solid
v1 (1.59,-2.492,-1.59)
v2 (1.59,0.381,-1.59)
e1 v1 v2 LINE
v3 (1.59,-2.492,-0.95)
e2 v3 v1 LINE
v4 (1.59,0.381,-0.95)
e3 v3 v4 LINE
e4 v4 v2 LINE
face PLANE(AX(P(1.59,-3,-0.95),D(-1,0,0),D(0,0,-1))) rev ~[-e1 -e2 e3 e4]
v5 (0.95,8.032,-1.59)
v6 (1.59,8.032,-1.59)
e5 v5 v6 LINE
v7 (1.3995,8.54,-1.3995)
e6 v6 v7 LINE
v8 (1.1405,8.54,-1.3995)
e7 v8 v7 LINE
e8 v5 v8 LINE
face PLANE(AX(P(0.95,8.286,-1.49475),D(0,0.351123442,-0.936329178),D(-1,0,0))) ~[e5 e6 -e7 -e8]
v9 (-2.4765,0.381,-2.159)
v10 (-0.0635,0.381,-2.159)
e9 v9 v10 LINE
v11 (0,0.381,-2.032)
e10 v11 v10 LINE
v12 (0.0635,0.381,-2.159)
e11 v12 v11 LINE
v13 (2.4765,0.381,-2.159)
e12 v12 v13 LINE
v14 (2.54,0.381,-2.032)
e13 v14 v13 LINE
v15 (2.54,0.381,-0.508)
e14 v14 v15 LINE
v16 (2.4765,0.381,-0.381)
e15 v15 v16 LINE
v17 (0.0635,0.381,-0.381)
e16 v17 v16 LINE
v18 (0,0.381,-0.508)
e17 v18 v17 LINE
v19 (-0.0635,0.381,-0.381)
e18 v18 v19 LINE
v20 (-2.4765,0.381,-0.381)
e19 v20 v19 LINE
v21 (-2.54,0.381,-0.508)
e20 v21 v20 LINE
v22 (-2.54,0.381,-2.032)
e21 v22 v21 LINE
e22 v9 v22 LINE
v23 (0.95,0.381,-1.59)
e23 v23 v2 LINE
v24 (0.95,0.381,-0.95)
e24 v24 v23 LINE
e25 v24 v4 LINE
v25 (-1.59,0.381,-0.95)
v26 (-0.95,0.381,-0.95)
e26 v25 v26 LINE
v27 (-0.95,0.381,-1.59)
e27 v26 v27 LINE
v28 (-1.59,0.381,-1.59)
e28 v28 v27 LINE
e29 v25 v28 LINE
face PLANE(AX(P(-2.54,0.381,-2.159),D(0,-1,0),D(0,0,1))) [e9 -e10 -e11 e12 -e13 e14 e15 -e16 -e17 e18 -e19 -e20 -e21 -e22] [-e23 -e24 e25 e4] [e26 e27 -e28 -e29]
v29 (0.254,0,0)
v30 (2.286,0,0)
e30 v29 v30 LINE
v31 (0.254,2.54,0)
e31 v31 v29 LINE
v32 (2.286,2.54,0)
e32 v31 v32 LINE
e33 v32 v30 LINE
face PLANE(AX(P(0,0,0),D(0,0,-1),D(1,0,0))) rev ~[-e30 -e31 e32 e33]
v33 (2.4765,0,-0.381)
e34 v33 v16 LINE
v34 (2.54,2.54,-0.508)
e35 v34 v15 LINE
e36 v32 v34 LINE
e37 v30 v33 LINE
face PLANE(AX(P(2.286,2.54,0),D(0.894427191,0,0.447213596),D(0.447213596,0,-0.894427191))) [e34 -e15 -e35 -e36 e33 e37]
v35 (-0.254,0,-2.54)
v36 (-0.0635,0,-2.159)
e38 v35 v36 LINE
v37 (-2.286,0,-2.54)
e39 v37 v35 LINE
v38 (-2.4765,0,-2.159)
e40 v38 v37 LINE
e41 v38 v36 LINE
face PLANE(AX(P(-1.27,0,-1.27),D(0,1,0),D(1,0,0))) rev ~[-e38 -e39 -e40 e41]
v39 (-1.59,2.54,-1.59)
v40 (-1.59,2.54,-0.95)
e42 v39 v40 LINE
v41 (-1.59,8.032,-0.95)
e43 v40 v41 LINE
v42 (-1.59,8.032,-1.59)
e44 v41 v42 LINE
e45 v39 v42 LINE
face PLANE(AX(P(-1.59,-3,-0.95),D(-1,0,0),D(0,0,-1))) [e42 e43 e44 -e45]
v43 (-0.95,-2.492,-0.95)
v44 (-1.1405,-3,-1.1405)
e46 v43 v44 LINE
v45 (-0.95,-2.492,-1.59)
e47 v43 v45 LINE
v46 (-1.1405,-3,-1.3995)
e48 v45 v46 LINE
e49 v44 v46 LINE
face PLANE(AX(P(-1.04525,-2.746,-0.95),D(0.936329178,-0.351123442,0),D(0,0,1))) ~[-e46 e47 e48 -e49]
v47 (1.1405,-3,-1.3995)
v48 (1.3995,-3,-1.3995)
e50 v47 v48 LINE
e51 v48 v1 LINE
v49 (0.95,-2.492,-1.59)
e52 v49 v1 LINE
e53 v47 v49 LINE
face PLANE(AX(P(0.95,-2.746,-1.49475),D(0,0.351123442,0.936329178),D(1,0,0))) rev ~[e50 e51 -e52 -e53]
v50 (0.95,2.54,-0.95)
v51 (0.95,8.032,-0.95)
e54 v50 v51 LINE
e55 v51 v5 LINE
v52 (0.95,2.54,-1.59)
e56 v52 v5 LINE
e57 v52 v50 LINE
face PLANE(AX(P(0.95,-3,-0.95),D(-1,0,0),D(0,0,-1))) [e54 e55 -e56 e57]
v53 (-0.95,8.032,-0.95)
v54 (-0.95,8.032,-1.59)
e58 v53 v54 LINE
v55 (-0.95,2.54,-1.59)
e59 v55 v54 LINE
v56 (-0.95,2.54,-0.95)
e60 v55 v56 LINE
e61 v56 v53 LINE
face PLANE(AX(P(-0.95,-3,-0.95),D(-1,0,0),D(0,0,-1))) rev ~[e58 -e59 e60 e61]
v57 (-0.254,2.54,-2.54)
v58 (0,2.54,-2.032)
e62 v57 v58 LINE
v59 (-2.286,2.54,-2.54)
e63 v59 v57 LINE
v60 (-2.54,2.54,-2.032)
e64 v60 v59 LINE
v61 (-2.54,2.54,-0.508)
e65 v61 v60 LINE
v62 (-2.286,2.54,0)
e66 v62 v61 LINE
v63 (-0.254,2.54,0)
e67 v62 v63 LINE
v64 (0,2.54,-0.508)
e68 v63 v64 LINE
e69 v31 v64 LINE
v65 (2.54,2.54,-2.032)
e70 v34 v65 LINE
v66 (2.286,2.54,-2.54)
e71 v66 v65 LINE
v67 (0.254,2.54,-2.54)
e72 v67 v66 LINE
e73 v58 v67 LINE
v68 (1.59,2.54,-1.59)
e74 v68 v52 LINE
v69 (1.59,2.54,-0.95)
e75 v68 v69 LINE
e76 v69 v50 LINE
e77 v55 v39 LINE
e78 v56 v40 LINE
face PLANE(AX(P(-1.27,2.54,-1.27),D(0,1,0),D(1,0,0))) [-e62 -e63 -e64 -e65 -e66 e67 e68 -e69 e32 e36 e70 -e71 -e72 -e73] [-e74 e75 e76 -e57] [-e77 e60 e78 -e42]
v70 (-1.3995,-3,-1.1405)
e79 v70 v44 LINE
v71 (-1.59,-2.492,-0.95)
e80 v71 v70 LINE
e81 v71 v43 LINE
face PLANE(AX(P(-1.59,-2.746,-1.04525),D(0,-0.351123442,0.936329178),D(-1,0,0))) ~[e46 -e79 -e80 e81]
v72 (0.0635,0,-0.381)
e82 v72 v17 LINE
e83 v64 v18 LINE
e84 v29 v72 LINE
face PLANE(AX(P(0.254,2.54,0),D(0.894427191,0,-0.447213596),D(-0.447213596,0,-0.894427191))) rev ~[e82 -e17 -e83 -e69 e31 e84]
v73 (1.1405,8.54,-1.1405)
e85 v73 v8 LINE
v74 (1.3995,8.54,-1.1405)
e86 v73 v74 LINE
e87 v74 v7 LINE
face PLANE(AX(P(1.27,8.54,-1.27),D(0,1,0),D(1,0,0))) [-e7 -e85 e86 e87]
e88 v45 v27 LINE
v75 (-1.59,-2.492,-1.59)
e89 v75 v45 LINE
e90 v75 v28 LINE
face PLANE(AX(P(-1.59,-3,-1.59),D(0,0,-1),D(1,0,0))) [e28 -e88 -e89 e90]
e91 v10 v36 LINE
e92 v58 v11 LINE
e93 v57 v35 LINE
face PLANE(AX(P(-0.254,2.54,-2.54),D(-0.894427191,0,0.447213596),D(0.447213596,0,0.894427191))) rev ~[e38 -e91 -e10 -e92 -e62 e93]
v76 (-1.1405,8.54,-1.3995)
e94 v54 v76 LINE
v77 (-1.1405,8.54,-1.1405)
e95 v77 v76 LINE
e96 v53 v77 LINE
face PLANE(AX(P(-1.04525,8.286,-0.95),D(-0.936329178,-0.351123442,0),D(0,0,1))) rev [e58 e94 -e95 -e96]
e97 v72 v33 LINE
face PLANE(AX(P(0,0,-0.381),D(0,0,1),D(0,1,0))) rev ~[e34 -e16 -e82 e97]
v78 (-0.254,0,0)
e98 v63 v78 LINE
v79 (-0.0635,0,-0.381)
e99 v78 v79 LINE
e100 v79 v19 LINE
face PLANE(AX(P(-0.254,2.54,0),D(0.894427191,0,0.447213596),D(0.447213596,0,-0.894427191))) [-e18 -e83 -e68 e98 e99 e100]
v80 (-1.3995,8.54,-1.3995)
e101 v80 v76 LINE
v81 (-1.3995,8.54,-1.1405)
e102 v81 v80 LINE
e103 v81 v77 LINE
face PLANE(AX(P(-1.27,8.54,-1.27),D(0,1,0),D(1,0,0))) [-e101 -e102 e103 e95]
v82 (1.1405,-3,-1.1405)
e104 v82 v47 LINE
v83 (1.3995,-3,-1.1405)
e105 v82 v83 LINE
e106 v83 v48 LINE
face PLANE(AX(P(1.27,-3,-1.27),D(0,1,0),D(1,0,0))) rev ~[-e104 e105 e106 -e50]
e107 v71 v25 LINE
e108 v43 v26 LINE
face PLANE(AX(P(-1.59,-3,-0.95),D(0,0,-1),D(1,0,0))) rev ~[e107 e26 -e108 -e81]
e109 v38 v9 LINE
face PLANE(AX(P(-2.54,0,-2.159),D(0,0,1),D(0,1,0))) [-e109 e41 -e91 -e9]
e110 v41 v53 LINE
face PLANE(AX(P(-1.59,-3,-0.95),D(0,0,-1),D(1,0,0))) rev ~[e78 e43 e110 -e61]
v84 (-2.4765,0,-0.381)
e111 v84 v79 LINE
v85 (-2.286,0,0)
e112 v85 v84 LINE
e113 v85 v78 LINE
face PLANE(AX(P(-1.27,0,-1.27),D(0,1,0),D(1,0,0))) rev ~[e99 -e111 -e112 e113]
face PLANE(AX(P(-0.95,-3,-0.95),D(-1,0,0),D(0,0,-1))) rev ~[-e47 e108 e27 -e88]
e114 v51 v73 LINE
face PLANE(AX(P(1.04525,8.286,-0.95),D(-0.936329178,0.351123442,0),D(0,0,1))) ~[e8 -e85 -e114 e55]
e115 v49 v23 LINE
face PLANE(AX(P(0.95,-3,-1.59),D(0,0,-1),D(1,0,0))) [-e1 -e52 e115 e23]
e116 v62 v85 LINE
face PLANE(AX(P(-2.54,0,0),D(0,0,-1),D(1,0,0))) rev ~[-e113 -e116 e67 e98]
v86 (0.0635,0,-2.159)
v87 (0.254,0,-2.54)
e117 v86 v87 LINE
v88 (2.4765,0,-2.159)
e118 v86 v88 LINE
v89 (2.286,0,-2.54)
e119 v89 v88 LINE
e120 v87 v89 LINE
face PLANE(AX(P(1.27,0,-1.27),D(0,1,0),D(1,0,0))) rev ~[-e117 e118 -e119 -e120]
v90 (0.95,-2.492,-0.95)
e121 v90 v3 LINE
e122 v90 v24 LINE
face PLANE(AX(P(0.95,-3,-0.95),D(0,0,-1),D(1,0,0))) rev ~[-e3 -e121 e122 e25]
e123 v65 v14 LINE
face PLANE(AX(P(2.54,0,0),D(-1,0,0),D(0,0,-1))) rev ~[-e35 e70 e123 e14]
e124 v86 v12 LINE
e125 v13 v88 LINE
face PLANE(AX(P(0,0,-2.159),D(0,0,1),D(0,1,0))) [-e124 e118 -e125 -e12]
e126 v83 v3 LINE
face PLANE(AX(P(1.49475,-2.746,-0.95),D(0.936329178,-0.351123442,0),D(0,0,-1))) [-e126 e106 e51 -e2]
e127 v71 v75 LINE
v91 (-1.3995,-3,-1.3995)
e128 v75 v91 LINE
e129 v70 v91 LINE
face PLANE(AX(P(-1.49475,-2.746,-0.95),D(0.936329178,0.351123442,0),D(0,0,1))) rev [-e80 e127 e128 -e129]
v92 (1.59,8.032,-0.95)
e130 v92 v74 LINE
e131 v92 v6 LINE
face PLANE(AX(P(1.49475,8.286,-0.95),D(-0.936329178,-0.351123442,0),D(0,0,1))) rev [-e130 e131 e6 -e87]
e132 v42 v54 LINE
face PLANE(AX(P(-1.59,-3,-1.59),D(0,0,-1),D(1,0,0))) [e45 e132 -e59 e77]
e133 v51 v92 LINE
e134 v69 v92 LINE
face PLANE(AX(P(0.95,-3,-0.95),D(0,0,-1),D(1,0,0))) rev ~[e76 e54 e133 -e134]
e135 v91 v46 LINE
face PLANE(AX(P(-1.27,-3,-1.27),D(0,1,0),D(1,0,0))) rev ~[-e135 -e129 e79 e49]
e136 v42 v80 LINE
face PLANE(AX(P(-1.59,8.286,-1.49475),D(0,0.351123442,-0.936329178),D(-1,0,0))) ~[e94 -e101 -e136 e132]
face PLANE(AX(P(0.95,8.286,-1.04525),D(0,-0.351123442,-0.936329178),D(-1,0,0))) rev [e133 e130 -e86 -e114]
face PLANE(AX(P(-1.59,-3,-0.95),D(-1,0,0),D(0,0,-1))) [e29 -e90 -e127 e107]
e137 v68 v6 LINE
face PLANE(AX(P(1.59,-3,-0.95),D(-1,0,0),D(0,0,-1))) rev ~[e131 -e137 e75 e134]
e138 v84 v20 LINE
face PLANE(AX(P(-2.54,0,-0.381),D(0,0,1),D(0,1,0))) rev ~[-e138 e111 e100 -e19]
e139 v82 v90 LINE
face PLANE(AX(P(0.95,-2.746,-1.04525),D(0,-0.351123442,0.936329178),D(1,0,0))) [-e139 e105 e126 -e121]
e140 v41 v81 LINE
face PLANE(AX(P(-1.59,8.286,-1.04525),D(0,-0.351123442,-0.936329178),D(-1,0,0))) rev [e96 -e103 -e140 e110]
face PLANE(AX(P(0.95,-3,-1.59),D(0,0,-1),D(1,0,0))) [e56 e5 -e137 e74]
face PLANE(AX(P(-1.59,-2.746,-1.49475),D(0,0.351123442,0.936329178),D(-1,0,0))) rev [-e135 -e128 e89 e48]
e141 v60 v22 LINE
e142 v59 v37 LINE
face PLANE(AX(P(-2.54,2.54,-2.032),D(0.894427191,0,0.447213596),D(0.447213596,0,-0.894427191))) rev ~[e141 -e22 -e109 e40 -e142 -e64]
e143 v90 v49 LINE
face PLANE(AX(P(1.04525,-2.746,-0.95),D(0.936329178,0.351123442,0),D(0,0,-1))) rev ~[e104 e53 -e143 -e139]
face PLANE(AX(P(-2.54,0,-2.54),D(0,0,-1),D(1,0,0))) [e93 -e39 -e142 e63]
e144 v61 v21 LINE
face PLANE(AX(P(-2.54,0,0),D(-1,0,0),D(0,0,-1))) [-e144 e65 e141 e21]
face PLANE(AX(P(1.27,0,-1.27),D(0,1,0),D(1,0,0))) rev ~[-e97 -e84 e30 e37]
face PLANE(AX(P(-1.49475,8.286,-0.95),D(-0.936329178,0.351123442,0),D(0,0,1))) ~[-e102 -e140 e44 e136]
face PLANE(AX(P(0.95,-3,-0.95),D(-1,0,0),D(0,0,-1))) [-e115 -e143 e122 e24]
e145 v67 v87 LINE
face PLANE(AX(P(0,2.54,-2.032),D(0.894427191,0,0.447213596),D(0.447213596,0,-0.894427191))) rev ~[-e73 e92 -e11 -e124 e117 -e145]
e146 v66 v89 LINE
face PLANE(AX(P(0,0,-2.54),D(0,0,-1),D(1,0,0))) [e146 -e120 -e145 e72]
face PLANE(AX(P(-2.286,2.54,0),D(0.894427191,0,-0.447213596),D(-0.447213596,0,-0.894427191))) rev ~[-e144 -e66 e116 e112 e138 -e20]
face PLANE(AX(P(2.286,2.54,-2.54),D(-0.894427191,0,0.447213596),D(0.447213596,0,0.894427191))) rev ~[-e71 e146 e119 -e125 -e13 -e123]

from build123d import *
from OCP.BRepFilletAPI import BRepFilletAPI_MakeChamfer

# Parameters (mm, degrees)
SKETCH1_W                     = 2.54
SKETCH1_H                     = 2.54
MAIN_BODY_DEPTH               = 2.54
SKETCH3_W                     = 1.778
SKETCH3_H                     = 0.381
CUT_EXTRUDE1_DEPTH            = 5.399409051
CUT_EXTRUDE2_DEPTH            = 5.399409051
BODY_PATTERN_COUNT            = 2
BODY_PATTERN_PITCH            = 2.54
PIN_START                     = -5.54
SKETCH2_W                     = 0.64
SKETCH2_H                     = 0.64
PIN_DEPTH                     = 11.54
CHAMFER1_SIZE                 = 0.508
CHAMFER1_SIZE2                = 0.1905
CHAMFER2_SIZE                 = 0.1905
CHAMFER2_SIZE2                = 0.508
PIN_PATTERN_COUNT             = 2
PIN_PATTERN_PITCH             = 2.54
CHAMFER1_OF_PIN_PATTERN_SIZE  = 0.508
CHAMFER1_OF_PIN_PATTERN_SIZE2 = 0.1905
CHAMFER2_OF_PIN_PATTERN_SIZE2 = 0.1905
CHAMFER2_OF_PIN_PATTERN_SIZE  = 0.508


with BuildPart() as part:
    # Sketch1 → Main Body (new body)
    with BuildSketch(Plane(origin=(0, 0, 0), x_dir=(1, 0, 0), z_dir=(0, 1, 0))):
        with Locations((1.27, 1.27)):
            Rectangle(SKETCH1_W, SKETCH1_H)
    main_body = extrude(amount=MAIN_BODY_DEPTH)

    # Sketch3 → Cut-Extrude1 (cut, through all)
    with BuildSketch(Plane.ZY):
        with Locations((-1.27, 0.1905)):
            Rectangle(SKETCH3_W, SKETCH3_H)
    cut_extrude1 = extrude(amount=-CUT_EXTRUDE1_DEPTH, mode=Mode.SUBTRACT)

    # Sketch4 → Cut-Extrude2 (cut, through all)
    with BuildSketch(Plane(origin=(0, 2.54, 0), x_dir=(1, 0, 0), z_dir=(0, 1, 0))):
        Polygon((0.254, 2.54), (0, 2.54), (0, 2.032), align=None)
        Polygon((2.54, 2.54), (2.286, 2.54), (2.54, 2.032), align=None)
        Polygon((0.254, 0), (0, 0.508), (0, 0), align=None)
        Polygon((2.54, 0), (2.286, 0), (2.54, 0.508), align=None)
    cut_extrude2 = extrude(amount=-CUT_EXTRUDE2_DEPTH, mode=Mode.SUBTRACT)

    # Body Pattern: Main Body, Cut-Extrude1, Cut-Extrude2 ×2
    with Locations(*[(-i * BODY_PATTERN_PITCH, 0, 0) for i in range(1, BODY_PATTERN_COUNT)]):
        add(main_body)
        add(cut_extrude1, mode=Mode.SUBTRACT)
        add(cut_extrude2, mode=Mode.SUBTRACT)

    # Sketch2 → Pin (add)
    with BuildSketch(Plane(origin=(0, 2.54, 0), x_dir=(1, 0, 0), z_dir=(0, 1, 0)).offset(PIN_START)):
        with Locations((1.27, 1.27)):
            Rectangle(SKETCH2_W, SKETCH2_H)
    pin = extrude(amount=PIN_DEPTH)

    # Chamfer1: one chamfer whose edges measure the first distance from different faces: ONE call of the kernel's chamfer builder (chamfer() names one face for all edges)
    chamfer1_edges_1 = [part.edges().sort_by_distance(p)[0] for p in [
        (0.95, 8.54, -1.27),
    ]]
    chamfer1_side_1 = [part.faces().sort_by_distance(p)[0] for p in [
        (0.95, 5.54, -1.27),
    ]]
    chamfer1_edges_2 = [part.edges().sort_by_distance(p)[0] for p in [
        (1.27, 8.54, -0.95),
    ]]
    chamfer1_side_2 = [part.faces().sort_by_distance(p)[0] for p in [
        (1.27, 5.54, -0.95),
    ]]
    chamfer1_edges_3 = [part.edges().sort_by_distance(p)[0] for p in [
        (1.59, 8.54, -1.27),
    ]]
    chamfer1_side_3 = [part.faces().sort_by_distance(p)[0] for p in [
        (1.59, 5.54, -1.27),
    ]]
    chamfer1_edges_4 = [part.edges().sort_by_distance(p)[0] for p in [
        (1.27, 8.54, -1.59),
    ]]
    chamfer1_side_4 = [part.faces().sort_by_distance(p)[0] for p in [
        (1.27, 5.54, -1.59),
    ]]
    chamfer1 = BRepFilletAPI_MakeChamfer(part.part.solid().wrapped)
    for e in chamfer1_edges_1:
        chamfer1.Add(CHAMFER1_SIZE, CHAMFER1_SIZE2, e.wrapped, chamfer1_side_1[0].wrapped)  # the first distance lies on this face
    for e in chamfer1_edges_2:
        chamfer1.Add(CHAMFER1_SIZE, CHAMFER1_SIZE2, e.wrapped, chamfer1_side_2[0].wrapped)  # the first distance lies on this face
    for e in chamfer1_edges_3:
        chamfer1.Add(CHAMFER1_SIZE, CHAMFER1_SIZE2, e.wrapped, chamfer1_side_3[0].wrapped)  # the first distance lies on this face
    for e in chamfer1_edges_4:
        chamfer1.Add(CHAMFER1_SIZE, CHAMFER1_SIZE2, e.wrapped, chamfer1_side_4[0].wrapped)  # the first distance lies on this face
    add(Compound.cast(chamfer1.Shape()), mode=Mode.REPLACE)

    # Chamfer2
    chamfer2_edges = [part.edges().sort_by_distance(p)[0] for p in [
        (1.27, -3, -0.95),
        (1.59, -3, -1.27),
        (1.27, -3, -1.59),
        (0.95, -3, -1.27),
    ]]
    chamfer2_side = [part.faces().sort_by_distance(p)[0] for p in [
        (1.27, -3, -1.27),
    ]]
    chamfer(chamfer2_edges, length=CHAMFER2_SIZE, length2=CHAMFER2_SIZE2, reference=chamfer2_side[0])

    # Pin Pattern: Pin ×2
    with Locations(*[(-i * PIN_PATTERN_PITCH, 0, 0) for i in range(1, PIN_PATTERN_COUNT)]):
        add(pin)

    # Chamfer1 of Pin Pattern: one chamfer whose edges measure the first distance from different faces: ONE call of the kernel's chamfer builder (chamfer() names one face for all edges)
    chamfer1_of_pin_pattern_edges_1 = [part.edges().sort_by_distance(p)[0] for p in [
        (-1.59, 8.54, -1.27),
    ]]
    chamfer1_of_pin_pattern_side_1 = [part.faces().sort_by_distance(p)[0] for p in [
        (-1.59, 5.54, -1.27),
    ]]
    chamfer1_of_pin_pattern_edges_2 = [part.edges().sort_by_distance(p)[0] for p in [
        (-1.27, 8.54, -0.95),
    ]]
    chamfer1_of_pin_pattern_side_2 = [part.faces().sort_by_distance(p)[0] for p in [
        (-1.27, 5.54, -0.95),
    ]]
    chamfer1_of_pin_pattern_edges_3 = [part.edges().sort_by_distance(p)[0] for p in [
        (-0.95, 8.54, -1.27),
    ]]
    chamfer1_of_pin_pattern_side_3 = [part.faces().sort_by_distance(p)[0] for p in [
        (-0.95, 5.54, -1.27),
    ]]
    chamfer1_of_pin_pattern_edges_4 = [part.edges().sort_by_distance(p)[0] for p in [
        (-1.27, 8.54, -1.59),
    ]]
    chamfer1_of_pin_pattern_side_4 = [part.faces().sort_by_distance(p)[0] for p in [
        (-1.27, 5.54, -1.59),
    ]]
    chamfer1_of_pin_pattern = BRepFilletAPI_MakeChamfer(part.part.solid().wrapped)
    for e in chamfer1_of_pin_pattern_edges_1:
        chamfer1_of_pin_pattern.Add(CHAMFER1_OF_PIN_PATTERN_SIZE, CHAMFER1_OF_PIN_PATTERN_SIZE2, e.wrapped, chamfer1_of_pin_pattern_side_1[0].wrapped)  # the first distance lies on this face
    for e in chamfer1_of_pin_pattern_edges_2:
        chamfer1_of_pin_pattern.Add(CHAMFER1_OF_PIN_PATTERN_SIZE, CHAMFER1_OF_PIN_PATTERN_SIZE2, e.wrapped, chamfer1_of_pin_pattern_side_2[0].wrapped)  # the first distance lies on this face
    for e in chamfer1_of_pin_pattern_edges_3:
        chamfer1_of_pin_pattern.Add(CHAMFER1_OF_PIN_PATTERN_SIZE, CHAMFER1_OF_PIN_PATTERN_SIZE2, e.wrapped, chamfer1_of_pin_pattern_side_3[0].wrapped)  # the first distance lies on this face
    for e in chamfer1_of_pin_pattern_edges_4:
        chamfer1_of_pin_pattern.Add(CHAMFER1_OF_PIN_PATTERN_SIZE, CHAMFER1_OF_PIN_PATTERN_SIZE2, e.wrapped, chamfer1_of_pin_pattern_side_4[0].wrapped)  # the first distance lies on this face
    add(Compound.cast(chamfer1_of_pin_pattern.Shape()), mode=Mode.REPLACE)

    # Chamfer2 of Pin Pattern
    chamfer2_of_pin_pattern_edges = [part.edges().sort_by_distance(p)[0] for p in [
        (-1.27, -3, -0.95),
        (-0.95, -3, -1.27),
        (-1.27, -3, -1.59),
        (-1.59, -3, -1.27),
    ]]
    chamfer(chamfer2_of_pin_pattern_edges, length=CHAMFER2_OF_PIN_PATTERN_SIZE, length2=CHAMFER2_OF_PIN_PATTERN_SIZE2)


solid = part.part
